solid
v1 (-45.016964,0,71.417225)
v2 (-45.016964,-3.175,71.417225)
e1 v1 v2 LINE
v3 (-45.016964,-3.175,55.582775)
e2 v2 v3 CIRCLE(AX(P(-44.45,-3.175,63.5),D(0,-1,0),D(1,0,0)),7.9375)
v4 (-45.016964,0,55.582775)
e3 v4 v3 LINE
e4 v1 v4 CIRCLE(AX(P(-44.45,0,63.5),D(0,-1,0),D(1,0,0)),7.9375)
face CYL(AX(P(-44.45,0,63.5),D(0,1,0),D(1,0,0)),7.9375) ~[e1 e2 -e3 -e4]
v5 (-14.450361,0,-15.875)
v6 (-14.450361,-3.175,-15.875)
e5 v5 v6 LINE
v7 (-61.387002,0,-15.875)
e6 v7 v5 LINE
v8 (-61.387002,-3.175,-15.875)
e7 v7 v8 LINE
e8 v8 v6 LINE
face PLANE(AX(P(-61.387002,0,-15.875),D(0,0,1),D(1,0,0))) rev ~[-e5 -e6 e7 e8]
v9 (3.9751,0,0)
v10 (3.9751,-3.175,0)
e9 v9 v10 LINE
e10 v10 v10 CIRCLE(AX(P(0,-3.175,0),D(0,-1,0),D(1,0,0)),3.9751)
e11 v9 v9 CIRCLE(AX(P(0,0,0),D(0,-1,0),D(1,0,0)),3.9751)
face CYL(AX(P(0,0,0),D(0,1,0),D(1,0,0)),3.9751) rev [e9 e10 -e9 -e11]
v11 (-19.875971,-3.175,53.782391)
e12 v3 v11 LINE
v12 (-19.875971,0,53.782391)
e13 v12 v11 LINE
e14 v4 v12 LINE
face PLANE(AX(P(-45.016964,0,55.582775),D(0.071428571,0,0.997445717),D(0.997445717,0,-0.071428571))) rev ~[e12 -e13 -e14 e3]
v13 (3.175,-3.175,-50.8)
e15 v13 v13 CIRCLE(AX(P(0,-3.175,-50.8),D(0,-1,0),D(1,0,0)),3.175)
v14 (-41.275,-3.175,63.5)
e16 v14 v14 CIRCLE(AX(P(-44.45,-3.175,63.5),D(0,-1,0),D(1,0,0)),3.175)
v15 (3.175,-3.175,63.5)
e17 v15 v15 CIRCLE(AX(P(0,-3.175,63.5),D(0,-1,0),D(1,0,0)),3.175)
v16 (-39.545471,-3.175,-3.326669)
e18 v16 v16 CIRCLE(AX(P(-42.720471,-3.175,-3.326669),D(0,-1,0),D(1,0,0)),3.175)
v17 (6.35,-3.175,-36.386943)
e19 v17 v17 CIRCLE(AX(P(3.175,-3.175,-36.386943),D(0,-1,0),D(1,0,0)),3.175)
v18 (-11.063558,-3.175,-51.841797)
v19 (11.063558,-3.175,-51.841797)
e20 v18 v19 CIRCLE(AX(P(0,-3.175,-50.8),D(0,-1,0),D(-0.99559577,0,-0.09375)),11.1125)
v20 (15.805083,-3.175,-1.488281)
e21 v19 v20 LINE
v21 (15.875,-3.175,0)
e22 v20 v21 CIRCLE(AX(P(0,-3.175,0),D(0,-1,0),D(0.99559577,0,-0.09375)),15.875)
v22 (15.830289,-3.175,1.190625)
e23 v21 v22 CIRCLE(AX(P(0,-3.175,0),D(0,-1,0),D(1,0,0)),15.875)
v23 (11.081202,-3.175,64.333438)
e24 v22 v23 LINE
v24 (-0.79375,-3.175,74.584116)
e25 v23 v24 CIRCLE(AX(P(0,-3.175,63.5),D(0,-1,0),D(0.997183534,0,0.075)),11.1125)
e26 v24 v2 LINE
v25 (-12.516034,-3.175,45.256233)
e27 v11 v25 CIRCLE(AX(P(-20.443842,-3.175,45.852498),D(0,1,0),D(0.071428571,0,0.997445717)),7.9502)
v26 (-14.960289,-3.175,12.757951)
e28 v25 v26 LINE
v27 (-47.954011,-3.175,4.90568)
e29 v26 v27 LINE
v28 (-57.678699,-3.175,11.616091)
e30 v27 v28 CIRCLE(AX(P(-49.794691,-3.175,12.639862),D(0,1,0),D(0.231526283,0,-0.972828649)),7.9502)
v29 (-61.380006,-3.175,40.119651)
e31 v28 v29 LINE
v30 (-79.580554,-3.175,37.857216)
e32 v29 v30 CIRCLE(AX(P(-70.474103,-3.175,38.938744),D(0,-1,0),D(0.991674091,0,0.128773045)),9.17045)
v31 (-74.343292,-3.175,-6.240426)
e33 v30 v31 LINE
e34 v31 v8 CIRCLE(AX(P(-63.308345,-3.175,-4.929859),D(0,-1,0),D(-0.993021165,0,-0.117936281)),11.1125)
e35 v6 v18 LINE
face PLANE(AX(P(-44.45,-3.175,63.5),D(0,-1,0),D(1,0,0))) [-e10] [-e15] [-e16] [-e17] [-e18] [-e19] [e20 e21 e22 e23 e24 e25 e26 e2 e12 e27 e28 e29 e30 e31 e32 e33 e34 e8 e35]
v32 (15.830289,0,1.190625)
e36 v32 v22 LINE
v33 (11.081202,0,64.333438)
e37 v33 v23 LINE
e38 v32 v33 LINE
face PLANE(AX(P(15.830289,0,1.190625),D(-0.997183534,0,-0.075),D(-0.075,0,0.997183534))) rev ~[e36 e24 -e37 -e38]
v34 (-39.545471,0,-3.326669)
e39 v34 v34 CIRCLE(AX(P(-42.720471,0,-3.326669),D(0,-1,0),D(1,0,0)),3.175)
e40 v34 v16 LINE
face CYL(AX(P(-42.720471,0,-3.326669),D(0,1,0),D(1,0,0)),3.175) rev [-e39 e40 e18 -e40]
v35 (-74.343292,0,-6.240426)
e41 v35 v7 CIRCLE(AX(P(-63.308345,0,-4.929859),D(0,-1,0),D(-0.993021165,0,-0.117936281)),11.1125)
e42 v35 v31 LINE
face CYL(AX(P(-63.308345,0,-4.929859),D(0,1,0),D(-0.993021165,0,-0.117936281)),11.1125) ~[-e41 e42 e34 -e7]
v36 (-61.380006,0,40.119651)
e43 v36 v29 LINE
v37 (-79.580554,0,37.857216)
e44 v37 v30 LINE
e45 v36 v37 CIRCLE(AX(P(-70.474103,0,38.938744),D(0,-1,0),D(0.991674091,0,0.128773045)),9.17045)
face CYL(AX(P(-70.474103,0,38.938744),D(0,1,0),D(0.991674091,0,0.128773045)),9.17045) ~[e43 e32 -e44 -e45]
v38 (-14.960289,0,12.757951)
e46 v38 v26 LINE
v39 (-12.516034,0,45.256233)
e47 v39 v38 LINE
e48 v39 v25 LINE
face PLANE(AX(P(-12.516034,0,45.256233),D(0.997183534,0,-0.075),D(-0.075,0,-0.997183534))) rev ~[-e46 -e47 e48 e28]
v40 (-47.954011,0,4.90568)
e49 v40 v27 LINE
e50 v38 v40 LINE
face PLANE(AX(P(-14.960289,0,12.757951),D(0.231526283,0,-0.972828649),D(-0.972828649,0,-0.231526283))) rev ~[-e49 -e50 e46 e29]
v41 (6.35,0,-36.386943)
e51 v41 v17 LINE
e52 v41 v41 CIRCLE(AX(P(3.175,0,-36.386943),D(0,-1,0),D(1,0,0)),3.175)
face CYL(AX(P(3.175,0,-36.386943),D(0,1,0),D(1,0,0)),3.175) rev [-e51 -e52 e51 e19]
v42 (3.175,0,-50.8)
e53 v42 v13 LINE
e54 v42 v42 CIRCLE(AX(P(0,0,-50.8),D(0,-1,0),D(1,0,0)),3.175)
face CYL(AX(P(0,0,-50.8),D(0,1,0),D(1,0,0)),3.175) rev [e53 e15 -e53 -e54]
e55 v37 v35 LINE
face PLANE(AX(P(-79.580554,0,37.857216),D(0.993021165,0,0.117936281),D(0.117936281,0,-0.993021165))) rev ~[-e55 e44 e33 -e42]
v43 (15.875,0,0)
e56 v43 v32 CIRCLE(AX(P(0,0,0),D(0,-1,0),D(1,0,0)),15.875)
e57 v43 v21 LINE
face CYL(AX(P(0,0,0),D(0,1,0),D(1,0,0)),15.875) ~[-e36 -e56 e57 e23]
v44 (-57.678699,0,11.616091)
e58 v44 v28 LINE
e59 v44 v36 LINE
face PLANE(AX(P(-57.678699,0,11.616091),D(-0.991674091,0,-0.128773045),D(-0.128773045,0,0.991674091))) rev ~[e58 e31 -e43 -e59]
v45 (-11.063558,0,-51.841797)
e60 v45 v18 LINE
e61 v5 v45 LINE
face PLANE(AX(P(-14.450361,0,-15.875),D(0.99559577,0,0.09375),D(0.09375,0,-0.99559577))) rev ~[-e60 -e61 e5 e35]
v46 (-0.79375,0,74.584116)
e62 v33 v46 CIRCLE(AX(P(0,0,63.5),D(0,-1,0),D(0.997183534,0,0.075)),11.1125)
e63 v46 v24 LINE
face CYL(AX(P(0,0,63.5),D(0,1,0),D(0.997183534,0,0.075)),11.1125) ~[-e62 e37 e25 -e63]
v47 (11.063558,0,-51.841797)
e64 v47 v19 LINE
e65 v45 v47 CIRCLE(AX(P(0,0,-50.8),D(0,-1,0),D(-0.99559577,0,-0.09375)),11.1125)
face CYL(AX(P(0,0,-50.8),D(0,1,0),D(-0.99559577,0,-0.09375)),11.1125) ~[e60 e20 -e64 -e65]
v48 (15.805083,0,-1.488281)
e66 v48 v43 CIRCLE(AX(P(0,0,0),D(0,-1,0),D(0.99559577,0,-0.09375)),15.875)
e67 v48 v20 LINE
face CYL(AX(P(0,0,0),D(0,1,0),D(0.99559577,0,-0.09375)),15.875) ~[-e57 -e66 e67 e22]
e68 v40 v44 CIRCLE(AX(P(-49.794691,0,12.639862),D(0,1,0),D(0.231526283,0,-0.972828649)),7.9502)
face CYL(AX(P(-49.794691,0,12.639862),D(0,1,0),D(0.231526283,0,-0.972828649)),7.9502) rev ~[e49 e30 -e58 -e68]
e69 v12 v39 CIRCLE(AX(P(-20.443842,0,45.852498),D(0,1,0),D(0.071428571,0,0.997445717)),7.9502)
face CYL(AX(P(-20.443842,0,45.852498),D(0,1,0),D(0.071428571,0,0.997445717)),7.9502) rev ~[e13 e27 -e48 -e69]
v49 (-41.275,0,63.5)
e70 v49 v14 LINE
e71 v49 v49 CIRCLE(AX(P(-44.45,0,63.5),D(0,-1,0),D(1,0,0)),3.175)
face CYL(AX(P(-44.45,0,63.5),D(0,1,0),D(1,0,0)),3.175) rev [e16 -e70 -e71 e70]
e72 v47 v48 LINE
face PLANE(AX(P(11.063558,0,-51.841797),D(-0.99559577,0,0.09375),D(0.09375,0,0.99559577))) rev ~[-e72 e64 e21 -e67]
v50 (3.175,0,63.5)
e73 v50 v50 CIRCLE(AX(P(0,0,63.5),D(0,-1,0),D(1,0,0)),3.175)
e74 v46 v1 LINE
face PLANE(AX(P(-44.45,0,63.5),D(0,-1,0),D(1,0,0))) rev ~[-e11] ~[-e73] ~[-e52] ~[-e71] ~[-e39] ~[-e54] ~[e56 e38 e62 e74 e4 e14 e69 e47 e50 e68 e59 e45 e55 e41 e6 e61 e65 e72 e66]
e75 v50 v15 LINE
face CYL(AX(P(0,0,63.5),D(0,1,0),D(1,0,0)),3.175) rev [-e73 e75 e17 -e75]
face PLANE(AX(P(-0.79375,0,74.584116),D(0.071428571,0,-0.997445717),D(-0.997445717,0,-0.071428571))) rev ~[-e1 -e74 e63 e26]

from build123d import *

# Parameters (mm, degrees)
F0_R     = 3.175
F0_R_2   = 3.9751
F1_DEPTH = 3.175


with BuildPart() as f1:
    # F0 (on Front) → F1 (new body)
    with BuildSketch(Plane.XZ):
        with BuildLine():
            ThreePointArc((-45.0169642857, 55.582774618), (-39.0415054205, 57.6903448782), (-36.5125, 63.5))
            ThreePointArc((-36.5125, 63.5), (-39.0415054205, 69.3096551218), (-45.0169642857, 71.417225382))
            ThreePointArc((-45.0169642857, 71.417225382), (-52.3875, 63.5), (-45.0169642857, 55.582774618))
        make_face()
        with Locations((-44.45, 63.5)):
            Circle(F0_R, mode=Mode.SUBTRACT)
        with BuildLine():
            ThreePointArc((-45.0169642857, 71.417225382), (-39.0415054205, 69.3096551218), (-36.5125, 63.5))
            ThreePointArc((-36.5125, 63.5), (-39.0415054205, 57.6903448782), (-45.0169642857, 55.582774618))
            Line((-45.0169642857, 55.582774618), (-19.875970633, 53.7823906678))
            ThreePointArc((-19.875970633, 53.7823906678), (-14.4257039105, 51.0474657939), (-12.5160335315, 45.2562327252))
            Line((-12.5160335315, 45.2562327252), (-14.9602888471, 12.7579506851))
            Line((-14.9602888471, 12.7579506851), (-3.6754797451, 15.443654802))
            ThreePointArc((-3.6754797451, 15.443654802), (9.3660055092, 12.8177051691), (15.8302885984, 1.190625))
            Line((15.8302885984, 1.190625), (11.0812020189, 64.3334375))
            ThreePointArc((11.0812020189, 64.3334375), (11.1046727481, 63.9170124788), (11.1125, 63.5))
            ThreePointArc((11.1125, 63.5), (-7.5718924112, 55.3664828295), (-0.79375, 74.5841155347))
            Line((-0.79375, 74.5841155347), (-45.0169642857, 71.417225382))
        make_face()
        with BuildLine():
            ThreePointArc((11.0812020189, 64.3334375), (7.2613371567, 71.9119343166), (-0.79375, 74.5841155347))
            ThreePointArc((-0.79375, 74.5841155347), (-7.5718924112, 55.3664828295), (11.1125, 63.5))
            ThreePointArc((11.1125, 63.5), (11.1046727481, 63.9170124788), (11.0812020189, 64.3334375))
        make_face()
        with Locations((0, 63.5)):
            Circle(F0_R, mode=Mode.SUBTRACT)
        with BuildLine():
            ThreePointArc((15.875, 0), (15.8638182116, 0.5957321126), (15.8302885984, 1.190625))
            ThreePointArc((15.8302885984, 1.190625), (9.3660055092, 12.8177051691), (-3.6754797451, 15.443654802))
            ThreePointArc((-3.6754797451, 15.443654802), (-12.079154122, 10.3009543586), (-15.8302885984, 1.190625))
            ThreePointArc((-15.8302885984, 1.190625), (-15.87429735, -0.1493607821), (-15.8050828508, -1.48828125))
            ThreePointArc((-15.8050828508, -1.48828125), (-10.6861864142, -11.7397208196), (0, -15.875))
            ThreePointArc((0, -15.875), (10.6861864142, -11.7397208196), (15.8050828508, -1.48828125))
            ThreePointArc((15.8050828508, -1.48828125), (15.8575110792, -0.7449613223), (15.875, 0))
        make_face()
        Circle(F0_R_2, mode=Mode.SUBTRACT)
        with BuildLine():
            Line((-3.6754797451, 15.443654802), (-14.9602888471, 12.7579506851))
            Line((-14.9602888471, 12.7579506851), (-15.8302885984, 1.190625))
            ThreePointArc((-15.8302885984, 1.190625), (-12.079154122, 10.3009543586), (-3.6754797451, 15.443654802))
        make_face()
        with BuildLine():
            Line((-15.8302885984, 1.190625), (-14.9602888471, 12.7579506851))
            Line((-14.9602888471, 12.7579506851), (-47.9540109961, 4.9056800257))
            ThreePointArc((-47.9540109961, 4.9056800257), (-54.3099823949, 6.0963292117), (-57.6786986111, 11.6160908878))
            Line((-57.6786986111, 11.6160908878), (-61.3800056014, 40.1196511162))
            ThreePointArc((-61.3800056014, 40.1196511162), (-61.3227612602, 39.5304306003), (-61.3036532702, 38.9387443526))
            ThreePointArc((-61.3036532702, 38.9387443526), (-69.9323928797, 29.7843081563), (-79.5805540968, 37.8572155911))
            Line((-79.5805540968, 37.8572155911), (-74.3432922103, -6.2404264038))
            ThreePointArc((-74.3432922103, -6.2404264038), (-63.9647742581, 6.1632354994), (-52.1958445171, -4.929859481))
            ThreePointArc((-52.1958445171, -4.929859481), (-54.7983924089, -12.0760732593), (-61.3870024681, -15.875))
            Line((-61.3870024681, -15.875), (-14.4503614636, -15.875))
            Line((-14.4503614636, -15.875), (-15.8050828508, -1.48828125))
            ThreePointArc((-15.8050828508, -1.48828125), (-15.87429735, -0.1493607821), (-15.8302885984, 1.190625))
        make_face()
        with Locations((-42.7204708801, -3.3266691778)):
            Circle(F0_R, mode=Mode.SUBTRACT)
        with BuildLine():
            Line((11.0635579956, -51.841796875), (15.8050828508, -1.48828125))
            ThreePointArc((15.8050828508, -1.48828125), (10.6861864142, -11.7397208196), (0, -15.875))
            Line((0, -15.875), (-14.4503614636, -15.875))
            Line((-14.4503614636, -15.875), (-11.0635579956, -51.841796875))
            ThreePointArc((-11.0635579956, -51.841796875), (-0.5214729256, -39.6997422445), (11.1125, -50.8))
            ThreePointArc((11.1125, -50.8), (11.1002577555, -51.3214729256), (11.0635579956, -51.841796875))
        make_face()
        with Locations((3.175, -36.386942851)):
            Circle(F0_R, mode=Mode.SUBTRACT)
        with BuildLine():
            ThreePointArc((0, -15.875), (-10.6861864142, -11.7397208196), (-15.8050828508, -1.48828125))
            Line((-15.8050828508, -1.48828125), (-14.4503614636, -15.875))
            Line((-14.4503614636, -15.875), (0, -15.875))
        make_face()
        with BuildLine():
            ThreePointArc((-11.0635579956, -51.841796875), (0, -61.9125), (11.0635579956, -51.841796875))
            ThreePointArc((11.0635579956, -51.841796875), (11.1002577555, -51.3214729256), (11.1125, -50.8))
            ThreePointArc((11.1125, -50.8), (-0.5214729256, -39.6997422445), (-11.0635579956, -51.841796875))
        make_face()
        with Locations((0, -50.8)):
            Circle(F0_R, mode=Mode.SUBTRACT)
        with BuildLine():
            ThreePointArc((-61.3036532702, 38.9387443526), (-61.3227612602, 39.5304306003), (-61.3800056014, 40.1196511162))
            ThreePointArc((-61.3800056014, 40.1196511162), (-71.6053378384, 48.0391542544), (-79.5805540968, 37.8572155911))
            ThreePointArc((-79.5805540968, 37.8572155911), (-69.9323928797, 29.7843081563), (-61.3036532702, 38.9387443526))
        make_face()
        with BuildLine():
            ThreePointArc((-74.3432922103, -6.2404264038), (-69.9393854651, -13.8470873123), (-61.3870024681, -15.875))
            ThreePointArc((-61.3870024681, -15.875), (-54.7983924089, -12.0760732593), (-52.1958445171, -4.929859481))
            ThreePointArc((-52.1958445171, -4.929859481), (-63.9647742581, 6.1632354994), (-74.3432922103, -6.2404264038))
        make_face()
    extrude(amount=F1_DEPTH)


solid = f1.part
